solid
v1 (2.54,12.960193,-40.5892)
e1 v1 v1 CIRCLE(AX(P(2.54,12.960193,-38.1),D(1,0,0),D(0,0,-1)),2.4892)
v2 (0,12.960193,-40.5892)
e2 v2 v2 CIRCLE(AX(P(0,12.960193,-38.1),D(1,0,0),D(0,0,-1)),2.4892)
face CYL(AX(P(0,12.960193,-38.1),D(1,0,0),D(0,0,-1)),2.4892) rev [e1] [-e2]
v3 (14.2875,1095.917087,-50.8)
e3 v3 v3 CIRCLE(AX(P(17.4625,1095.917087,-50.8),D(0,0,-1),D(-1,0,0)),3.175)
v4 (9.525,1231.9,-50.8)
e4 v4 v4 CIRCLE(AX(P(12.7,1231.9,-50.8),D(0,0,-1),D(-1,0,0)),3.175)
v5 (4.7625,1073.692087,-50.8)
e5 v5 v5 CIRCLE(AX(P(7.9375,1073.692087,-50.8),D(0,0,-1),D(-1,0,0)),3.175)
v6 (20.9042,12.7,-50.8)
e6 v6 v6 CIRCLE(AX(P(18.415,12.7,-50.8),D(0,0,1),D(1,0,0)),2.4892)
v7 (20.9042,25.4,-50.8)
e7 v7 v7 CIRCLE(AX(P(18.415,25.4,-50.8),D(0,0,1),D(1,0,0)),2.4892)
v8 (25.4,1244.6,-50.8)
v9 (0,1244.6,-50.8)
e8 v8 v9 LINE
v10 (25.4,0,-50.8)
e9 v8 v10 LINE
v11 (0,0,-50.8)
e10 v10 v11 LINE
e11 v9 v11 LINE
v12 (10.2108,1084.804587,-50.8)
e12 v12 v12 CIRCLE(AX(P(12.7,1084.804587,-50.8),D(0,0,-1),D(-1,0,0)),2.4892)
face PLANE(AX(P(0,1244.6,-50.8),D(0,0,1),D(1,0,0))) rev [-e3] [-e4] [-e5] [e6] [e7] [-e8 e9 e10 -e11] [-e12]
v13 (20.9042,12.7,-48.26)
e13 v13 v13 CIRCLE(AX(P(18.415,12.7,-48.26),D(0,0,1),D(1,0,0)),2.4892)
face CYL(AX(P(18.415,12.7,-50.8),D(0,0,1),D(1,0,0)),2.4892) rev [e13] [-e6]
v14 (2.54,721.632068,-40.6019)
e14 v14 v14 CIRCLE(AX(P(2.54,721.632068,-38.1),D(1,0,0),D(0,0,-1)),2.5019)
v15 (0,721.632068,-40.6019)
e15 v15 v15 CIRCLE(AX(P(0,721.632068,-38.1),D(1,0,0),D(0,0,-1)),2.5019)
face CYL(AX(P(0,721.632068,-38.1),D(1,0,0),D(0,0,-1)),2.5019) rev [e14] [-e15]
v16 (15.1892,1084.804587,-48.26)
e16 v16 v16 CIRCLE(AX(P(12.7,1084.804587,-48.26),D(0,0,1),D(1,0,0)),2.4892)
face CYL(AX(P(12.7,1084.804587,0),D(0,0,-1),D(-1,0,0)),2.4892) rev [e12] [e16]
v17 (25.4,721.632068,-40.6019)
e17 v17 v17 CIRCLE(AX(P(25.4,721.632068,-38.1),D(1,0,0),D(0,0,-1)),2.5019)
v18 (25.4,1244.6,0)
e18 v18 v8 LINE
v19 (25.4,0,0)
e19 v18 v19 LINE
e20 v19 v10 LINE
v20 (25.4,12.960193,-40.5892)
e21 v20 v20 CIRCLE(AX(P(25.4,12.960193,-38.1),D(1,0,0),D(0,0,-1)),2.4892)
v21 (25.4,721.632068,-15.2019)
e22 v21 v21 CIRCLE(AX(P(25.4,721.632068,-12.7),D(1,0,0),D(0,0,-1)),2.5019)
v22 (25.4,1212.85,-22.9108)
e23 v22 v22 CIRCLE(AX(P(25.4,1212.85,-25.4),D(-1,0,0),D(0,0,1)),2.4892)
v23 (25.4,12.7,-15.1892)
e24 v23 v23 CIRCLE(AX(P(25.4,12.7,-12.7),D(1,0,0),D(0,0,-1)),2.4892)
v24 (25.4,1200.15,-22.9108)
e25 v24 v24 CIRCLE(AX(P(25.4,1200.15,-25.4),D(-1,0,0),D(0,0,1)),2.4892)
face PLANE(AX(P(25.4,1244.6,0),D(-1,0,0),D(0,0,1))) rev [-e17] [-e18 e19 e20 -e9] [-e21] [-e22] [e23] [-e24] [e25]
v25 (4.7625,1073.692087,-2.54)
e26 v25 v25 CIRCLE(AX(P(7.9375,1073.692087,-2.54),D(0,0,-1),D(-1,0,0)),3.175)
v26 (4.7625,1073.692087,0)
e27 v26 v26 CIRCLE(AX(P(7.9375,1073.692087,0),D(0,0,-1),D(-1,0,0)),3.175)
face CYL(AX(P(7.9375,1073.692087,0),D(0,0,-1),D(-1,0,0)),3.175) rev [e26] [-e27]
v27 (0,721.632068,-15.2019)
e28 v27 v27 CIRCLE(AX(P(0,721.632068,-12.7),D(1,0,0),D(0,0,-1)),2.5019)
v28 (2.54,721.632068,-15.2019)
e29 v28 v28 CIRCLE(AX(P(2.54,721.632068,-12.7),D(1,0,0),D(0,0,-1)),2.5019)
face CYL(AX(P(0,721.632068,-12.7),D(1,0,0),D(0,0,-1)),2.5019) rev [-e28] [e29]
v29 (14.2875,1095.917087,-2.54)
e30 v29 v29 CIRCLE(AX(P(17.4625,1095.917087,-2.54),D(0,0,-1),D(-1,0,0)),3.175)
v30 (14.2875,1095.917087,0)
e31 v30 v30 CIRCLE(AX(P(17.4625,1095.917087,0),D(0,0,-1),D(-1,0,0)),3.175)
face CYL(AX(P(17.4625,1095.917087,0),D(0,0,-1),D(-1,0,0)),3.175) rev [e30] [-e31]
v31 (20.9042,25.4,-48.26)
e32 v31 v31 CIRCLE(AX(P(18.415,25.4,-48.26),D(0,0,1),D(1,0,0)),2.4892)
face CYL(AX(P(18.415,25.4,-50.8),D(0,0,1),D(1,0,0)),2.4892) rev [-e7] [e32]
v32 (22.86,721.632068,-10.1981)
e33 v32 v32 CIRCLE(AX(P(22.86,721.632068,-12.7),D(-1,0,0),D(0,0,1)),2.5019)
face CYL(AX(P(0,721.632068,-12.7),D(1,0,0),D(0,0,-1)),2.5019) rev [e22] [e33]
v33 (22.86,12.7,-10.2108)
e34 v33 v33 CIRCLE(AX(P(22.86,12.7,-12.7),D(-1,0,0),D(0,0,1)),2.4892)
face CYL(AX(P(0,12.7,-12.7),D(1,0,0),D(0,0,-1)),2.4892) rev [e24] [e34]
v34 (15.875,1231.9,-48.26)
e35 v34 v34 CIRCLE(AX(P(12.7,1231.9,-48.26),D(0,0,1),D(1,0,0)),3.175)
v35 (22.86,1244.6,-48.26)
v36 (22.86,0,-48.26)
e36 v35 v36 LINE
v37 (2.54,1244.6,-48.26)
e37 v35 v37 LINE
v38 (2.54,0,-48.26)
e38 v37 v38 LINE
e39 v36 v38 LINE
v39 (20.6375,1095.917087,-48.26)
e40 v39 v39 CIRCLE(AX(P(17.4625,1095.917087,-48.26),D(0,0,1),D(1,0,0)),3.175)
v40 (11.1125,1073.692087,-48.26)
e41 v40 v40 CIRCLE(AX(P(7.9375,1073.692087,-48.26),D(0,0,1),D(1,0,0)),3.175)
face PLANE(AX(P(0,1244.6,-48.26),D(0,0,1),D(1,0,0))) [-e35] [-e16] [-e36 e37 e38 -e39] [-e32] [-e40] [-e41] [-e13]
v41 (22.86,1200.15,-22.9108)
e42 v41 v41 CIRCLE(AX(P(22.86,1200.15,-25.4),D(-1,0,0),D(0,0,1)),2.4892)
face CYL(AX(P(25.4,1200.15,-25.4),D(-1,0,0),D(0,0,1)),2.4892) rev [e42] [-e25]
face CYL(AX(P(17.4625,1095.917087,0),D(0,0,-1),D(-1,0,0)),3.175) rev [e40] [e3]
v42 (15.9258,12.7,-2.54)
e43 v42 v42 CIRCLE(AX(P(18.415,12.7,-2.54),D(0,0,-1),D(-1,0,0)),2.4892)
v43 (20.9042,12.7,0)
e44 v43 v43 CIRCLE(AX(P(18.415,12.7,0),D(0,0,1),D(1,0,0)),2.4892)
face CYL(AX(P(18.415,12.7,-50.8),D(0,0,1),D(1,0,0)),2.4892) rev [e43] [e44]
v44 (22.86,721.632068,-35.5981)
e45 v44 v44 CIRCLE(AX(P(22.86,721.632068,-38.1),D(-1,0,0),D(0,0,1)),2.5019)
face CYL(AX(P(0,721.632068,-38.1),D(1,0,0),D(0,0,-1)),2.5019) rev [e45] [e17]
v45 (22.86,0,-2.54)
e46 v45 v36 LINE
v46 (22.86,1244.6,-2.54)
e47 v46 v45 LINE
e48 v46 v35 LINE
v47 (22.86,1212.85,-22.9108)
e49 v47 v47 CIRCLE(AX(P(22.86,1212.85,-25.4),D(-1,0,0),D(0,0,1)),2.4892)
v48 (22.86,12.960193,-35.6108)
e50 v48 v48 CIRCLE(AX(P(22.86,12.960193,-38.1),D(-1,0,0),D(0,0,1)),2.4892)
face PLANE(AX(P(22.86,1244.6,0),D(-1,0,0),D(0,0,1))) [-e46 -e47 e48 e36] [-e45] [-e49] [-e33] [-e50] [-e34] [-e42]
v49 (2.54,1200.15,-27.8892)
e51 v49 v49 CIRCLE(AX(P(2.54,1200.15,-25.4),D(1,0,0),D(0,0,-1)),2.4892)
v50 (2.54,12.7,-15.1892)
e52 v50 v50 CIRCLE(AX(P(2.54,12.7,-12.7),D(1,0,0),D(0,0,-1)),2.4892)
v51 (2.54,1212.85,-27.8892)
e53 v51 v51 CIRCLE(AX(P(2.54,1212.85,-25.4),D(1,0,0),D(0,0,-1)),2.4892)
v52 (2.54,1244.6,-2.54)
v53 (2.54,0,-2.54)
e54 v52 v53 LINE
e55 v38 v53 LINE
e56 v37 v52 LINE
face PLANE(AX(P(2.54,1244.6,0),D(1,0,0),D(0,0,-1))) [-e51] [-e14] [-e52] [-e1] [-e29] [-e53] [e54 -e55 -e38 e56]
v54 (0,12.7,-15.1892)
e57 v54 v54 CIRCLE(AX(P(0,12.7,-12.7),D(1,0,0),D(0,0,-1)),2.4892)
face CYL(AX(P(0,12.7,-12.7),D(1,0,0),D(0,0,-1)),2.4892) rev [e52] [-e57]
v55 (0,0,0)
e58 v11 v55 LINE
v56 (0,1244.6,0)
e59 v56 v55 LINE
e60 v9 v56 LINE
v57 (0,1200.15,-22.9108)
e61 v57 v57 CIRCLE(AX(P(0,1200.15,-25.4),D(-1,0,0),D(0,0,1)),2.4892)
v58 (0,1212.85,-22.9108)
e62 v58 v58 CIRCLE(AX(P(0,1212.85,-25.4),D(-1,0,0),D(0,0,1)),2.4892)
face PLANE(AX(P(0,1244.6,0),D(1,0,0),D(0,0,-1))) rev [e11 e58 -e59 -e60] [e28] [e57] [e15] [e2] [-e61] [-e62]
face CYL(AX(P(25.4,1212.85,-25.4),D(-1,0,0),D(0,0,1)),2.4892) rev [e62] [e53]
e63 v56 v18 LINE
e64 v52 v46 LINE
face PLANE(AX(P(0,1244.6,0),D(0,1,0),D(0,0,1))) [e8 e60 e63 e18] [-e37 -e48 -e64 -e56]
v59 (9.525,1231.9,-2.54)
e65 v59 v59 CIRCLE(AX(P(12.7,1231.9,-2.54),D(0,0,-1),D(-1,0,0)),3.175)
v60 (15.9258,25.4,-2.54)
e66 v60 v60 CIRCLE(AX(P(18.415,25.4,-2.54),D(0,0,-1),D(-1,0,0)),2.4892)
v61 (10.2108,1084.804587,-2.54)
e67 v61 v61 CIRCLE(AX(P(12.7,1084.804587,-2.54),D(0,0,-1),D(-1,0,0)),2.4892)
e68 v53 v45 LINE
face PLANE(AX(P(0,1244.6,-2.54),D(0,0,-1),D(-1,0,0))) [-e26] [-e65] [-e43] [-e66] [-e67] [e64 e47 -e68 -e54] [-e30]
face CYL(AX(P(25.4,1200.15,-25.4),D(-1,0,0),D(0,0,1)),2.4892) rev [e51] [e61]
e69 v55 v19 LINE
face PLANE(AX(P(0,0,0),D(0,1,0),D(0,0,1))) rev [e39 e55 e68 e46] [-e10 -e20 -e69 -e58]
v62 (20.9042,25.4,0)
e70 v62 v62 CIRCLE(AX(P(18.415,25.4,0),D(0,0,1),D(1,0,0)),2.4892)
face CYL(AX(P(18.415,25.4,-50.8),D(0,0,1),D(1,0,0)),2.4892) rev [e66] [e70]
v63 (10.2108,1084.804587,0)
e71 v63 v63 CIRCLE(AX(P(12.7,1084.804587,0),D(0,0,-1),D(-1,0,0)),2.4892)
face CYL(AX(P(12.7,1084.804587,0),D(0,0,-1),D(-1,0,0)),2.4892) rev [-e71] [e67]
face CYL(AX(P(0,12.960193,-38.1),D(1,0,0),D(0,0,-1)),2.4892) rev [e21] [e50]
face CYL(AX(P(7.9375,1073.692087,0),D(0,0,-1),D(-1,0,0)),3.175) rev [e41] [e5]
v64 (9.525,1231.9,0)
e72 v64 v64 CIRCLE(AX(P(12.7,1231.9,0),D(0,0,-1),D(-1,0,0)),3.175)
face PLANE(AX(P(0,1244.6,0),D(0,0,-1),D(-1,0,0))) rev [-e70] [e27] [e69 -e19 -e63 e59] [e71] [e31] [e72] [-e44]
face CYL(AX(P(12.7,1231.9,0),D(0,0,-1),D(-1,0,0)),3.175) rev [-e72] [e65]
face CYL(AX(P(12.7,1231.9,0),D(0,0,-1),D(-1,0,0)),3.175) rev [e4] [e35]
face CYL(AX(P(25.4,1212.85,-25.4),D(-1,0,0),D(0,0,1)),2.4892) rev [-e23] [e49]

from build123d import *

# Parameters (mm, degrees)
SKETCH1_W           = 25.4
SKETCH1_H           = 50.8
SKETCH1_W_2         = 20.32
SKETCH1_H_2         = 45.72
EXTRUDE_THIN1_DEPTH = 1244.6
SKETCH3_R           = 2.4892
SKETCH3_R_2         = 2.5019
CUT_EXTRUDE1_DEPTH  = 26.4
SKETCH4_R           = 2.4892
CUT_EXTRUDE2_DEPTH  = 26.4
SKETCH8_R           = 2.4892
CUT_EXTRUDE4_DEPTH  = 51.8
SKETCH11_R          = 2.4892
CUT_EXTRUDE6_DEPTH  = 51.8
SKETCH12_R          = 3.175
CUT_EXTRUDE7_DEPTH  = 51.8
SKETCH13_R          = 3.175
CUT_EXTRUDE8_DEPTH  = 51.8


with BuildPart() as part:
    # Sketch1 → Extrude-Thin1 (new body)
    with BuildSketch(Plane(origin=(0, 0, 0), x_dir=(1, 0, 0), z_dir=(0, 1, 0))):
        with Locations((12.7, 25.4)):
            Rectangle(SKETCH1_W, SKETCH1_H)
        with Locations((12.7, 25.4)):
            Rectangle(SKETCH1_W_2, SKETCH1_H_2, mode=Mode.SUBTRACT)
    extrude(amount=EXTRUDE_THIN1_DEPTH)

    # Sketch3 → Cut-Extrude1 (cut, through all)
    with BuildSketch(Plane(origin=(25.4, 0, 0), x_dir=(0, 0, -1), z_dir=(1, 0, 0))):
        with Locations((12.7, 12.7)):
            Circle(SKETCH3_R)
        with Locations((38.1, 12.960193373)):
            Circle(SKETCH3_R)
        with Locations((12.7, 721.632068306)):
            Circle(SKETCH3_R_2)
        with Locations((38.1, 721.632068306)):
            Circle(SKETCH3_R_2)
    extrude(amount=-CUT_EXTRUDE1_DEPTH, mode=Mode.SUBTRACT)

    # Sketch4 → Cut-Extrude2 (cut, through all)
    with BuildSketch(Plane.ZY):
        with Locations((-25.4, 1200.15)):
            Circle(SKETCH4_R)
        with Locations((-25.4, 1212.85)):
            Circle(SKETCH4_R)
    extrude(amount=-CUT_EXTRUDE2_DEPTH, mode=Mode.SUBTRACT)

    # Sketch8 → Cut-Extrude4 (cut, through all)
    with BuildSketch(Plane(origin=(0, 0, -50.8), x_dir=(-1, 0, 0), z_dir=(0, 0, -1))):
        with Locations((-12.7, 1084.8045868)):
            Circle(SKETCH8_R)
    extrude(amount=-CUT_EXTRUDE4_DEPTH, mode=Mode.SUBTRACT)

    # Sketch11 → Cut-Extrude6 (cut, through all)
    with BuildSketch(Plane.XY):
        with Locations((18.415, 12.7)):
            Circle(SKETCH11_R)
        with Locations((18.415, 25.4)):
            Circle(SKETCH11_R)
    extrude(amount=-CUT_EXTRUDE6_DEPTH, mode=Mode.SUBTRACT)

    # Sketch12 → Cut-Extrude7 (cut, through all)
    with BuildSketch(Plane(origin=(0, 0, -50.8), x_dir=(-1, 0, 0), z_dir=(0, 0, -1))):
        with Locations((-12.7, 1231.9)):
            Circle(SKETCH12_R)
    extrude(amount=-CUT_EXTRUDE7_DEPTH, mode=Mode.SUBTRACT)

    # Sketch13 → Cut-Extrude8 (cut, through all)
    with BuildSketch(Plane(origin=(0, 0, -50.8), x_dir=(-1, 0, 0), z_dir=(0, 0, -1))):
        with Locations((-17.4625, 1095.9170868)):
            Circle(SKETCH13_R)
        with Locations((-7.9375, 1073.6920868)):
            Circle(SKETCH13_R)
    extrude(amount=-CUT_EXTRUDE8_DEPTH, mode=Mode.SUBTRACT)


solid = part.part
